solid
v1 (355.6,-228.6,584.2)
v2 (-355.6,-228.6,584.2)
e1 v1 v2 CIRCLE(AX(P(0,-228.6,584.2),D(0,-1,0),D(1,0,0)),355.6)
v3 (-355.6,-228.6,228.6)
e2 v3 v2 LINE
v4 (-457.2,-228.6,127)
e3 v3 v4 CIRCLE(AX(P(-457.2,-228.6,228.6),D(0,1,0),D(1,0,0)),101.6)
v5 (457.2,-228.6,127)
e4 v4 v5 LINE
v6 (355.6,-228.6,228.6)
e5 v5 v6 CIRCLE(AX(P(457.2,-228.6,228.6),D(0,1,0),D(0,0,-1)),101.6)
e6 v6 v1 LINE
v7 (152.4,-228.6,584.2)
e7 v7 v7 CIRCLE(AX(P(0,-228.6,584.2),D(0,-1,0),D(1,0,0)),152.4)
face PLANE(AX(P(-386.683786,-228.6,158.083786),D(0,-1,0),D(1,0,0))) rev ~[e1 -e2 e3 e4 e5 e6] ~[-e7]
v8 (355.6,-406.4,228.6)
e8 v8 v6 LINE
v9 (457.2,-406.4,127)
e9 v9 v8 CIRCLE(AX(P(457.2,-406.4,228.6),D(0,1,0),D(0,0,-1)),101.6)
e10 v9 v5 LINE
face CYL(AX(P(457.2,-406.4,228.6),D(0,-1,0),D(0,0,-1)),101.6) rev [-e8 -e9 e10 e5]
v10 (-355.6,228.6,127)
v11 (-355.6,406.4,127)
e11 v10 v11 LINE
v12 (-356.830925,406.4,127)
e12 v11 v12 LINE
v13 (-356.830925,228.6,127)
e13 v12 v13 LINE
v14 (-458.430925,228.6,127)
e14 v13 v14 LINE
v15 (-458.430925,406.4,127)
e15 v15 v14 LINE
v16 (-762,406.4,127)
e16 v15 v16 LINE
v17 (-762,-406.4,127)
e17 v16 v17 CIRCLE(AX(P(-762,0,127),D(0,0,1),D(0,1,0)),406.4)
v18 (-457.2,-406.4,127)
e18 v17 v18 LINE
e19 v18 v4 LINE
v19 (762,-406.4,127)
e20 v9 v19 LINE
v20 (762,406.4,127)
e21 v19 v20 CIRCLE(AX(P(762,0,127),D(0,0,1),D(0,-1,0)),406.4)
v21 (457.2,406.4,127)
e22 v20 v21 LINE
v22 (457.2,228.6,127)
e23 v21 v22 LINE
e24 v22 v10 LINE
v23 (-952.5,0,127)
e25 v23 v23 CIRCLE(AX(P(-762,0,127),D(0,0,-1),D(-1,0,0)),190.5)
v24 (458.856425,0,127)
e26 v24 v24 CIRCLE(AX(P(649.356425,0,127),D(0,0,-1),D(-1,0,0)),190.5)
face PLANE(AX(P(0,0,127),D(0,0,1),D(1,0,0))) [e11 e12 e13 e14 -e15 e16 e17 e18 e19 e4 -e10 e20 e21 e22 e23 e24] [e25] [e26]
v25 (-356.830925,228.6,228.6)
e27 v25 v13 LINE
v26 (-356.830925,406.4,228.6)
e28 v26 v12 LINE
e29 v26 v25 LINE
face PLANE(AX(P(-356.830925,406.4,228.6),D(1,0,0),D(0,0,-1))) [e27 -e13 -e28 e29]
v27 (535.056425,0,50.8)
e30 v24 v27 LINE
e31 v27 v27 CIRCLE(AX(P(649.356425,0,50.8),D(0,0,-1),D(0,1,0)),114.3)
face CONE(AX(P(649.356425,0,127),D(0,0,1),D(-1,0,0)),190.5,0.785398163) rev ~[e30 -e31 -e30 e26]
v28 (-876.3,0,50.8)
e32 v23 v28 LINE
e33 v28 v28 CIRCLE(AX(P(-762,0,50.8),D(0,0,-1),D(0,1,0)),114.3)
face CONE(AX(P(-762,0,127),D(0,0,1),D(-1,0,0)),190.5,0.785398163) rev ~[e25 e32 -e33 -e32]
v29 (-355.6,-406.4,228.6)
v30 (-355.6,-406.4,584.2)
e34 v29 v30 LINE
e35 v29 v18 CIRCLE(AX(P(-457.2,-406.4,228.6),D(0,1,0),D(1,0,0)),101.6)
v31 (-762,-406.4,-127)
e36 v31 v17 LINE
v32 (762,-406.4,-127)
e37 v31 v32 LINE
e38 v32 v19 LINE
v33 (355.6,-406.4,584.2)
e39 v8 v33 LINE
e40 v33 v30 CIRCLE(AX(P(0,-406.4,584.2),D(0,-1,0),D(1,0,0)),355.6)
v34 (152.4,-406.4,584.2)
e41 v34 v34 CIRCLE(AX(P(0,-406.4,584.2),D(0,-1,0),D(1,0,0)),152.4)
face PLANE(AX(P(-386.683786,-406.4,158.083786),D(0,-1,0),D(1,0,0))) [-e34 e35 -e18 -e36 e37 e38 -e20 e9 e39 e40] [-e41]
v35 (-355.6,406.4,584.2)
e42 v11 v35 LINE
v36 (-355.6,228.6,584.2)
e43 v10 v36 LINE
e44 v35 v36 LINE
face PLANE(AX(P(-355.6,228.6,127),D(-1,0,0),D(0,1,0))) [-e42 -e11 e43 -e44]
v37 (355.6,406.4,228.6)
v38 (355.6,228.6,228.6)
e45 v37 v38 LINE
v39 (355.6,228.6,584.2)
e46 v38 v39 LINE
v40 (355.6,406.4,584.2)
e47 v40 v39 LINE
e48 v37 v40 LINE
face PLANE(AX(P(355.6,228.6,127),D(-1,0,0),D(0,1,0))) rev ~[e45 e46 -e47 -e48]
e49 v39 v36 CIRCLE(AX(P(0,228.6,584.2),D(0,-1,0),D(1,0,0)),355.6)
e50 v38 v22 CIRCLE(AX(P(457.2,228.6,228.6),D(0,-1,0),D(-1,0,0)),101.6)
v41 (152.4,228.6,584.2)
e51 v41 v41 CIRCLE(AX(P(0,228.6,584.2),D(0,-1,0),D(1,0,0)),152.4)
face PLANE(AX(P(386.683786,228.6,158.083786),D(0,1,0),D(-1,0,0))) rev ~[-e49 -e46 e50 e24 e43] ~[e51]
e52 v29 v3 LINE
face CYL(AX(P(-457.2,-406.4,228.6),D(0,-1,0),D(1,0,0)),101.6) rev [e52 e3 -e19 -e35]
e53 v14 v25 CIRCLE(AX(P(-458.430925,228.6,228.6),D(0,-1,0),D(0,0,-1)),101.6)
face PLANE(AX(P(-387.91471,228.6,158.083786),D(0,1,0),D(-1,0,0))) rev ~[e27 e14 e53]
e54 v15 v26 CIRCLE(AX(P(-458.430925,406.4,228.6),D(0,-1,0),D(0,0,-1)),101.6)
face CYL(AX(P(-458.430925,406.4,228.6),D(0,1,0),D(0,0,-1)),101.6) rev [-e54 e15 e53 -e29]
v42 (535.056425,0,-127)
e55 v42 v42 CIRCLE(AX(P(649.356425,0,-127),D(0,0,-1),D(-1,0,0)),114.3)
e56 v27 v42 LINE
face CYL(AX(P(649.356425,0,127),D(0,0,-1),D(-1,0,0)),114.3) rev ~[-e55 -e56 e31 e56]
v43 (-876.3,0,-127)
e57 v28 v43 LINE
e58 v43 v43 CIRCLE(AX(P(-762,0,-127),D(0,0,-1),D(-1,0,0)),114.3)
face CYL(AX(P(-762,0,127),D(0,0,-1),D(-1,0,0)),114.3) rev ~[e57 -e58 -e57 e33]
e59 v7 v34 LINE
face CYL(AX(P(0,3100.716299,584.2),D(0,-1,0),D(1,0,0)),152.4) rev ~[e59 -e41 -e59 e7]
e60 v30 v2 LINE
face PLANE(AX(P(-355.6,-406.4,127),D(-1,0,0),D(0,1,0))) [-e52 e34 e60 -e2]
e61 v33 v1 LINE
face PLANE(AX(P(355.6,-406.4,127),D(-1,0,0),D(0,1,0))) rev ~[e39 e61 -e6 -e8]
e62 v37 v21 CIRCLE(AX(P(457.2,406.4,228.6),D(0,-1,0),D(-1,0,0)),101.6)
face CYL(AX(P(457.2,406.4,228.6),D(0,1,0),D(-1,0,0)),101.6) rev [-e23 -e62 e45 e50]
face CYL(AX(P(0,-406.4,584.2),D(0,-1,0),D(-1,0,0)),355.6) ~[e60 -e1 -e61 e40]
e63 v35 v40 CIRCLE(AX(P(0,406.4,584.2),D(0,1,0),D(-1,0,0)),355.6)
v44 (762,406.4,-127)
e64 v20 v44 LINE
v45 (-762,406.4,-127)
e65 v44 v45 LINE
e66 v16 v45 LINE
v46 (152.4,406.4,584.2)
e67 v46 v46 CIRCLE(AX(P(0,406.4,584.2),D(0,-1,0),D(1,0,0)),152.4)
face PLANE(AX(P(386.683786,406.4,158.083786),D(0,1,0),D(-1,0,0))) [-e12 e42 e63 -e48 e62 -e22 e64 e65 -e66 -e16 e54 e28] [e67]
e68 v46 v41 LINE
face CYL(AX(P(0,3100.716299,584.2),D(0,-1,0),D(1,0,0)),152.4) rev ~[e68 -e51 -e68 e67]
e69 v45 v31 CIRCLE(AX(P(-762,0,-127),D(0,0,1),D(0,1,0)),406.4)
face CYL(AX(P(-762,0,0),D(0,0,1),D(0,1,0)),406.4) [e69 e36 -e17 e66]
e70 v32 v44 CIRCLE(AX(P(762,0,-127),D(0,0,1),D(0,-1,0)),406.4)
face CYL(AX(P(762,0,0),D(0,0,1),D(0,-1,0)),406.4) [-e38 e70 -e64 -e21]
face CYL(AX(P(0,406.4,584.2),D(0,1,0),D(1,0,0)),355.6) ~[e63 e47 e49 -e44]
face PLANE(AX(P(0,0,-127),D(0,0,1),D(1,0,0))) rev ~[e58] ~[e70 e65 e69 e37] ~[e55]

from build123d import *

# Parameters (mm, degrees)
F1_DEPTH       = 127
F2_W           = 711.2
F2_H           = 177.8
F3_DEPTH       = 812.8
F4_D           = 228.6
F4_CSINK_D     = 381
F4_CSINK_ANGLE = 90
F7_DEPTH       = 177.8
F8_DEPTH       = 177.8
F9_D           = 304.8
F11_DEPTH      = 177.8
F13_DEPTH      = 177.8


with BuildPart() as f1:
    # F0 (on Top) → F1 (new body, symmetric)
    with BuildSketch(Plane.XY):
        with BuildLine():
            ThreePointArc((-762, 406.4), (-1168.4, 0), (-762, -406.4))
            Line((-762, -406.4), (762, -406.4))
            ThreePointArc((762, -406.4), (1168.4, 0), (762, 406.4))
            Line((762, 406.4), (-762, 406.4))
        make_face()
    extrude(amount=F1_DEPTH, both=True)

    # F2 (on face) → F3 (join)
    with BuildSketch(Plane.XY.offset(127)):
        with Locations((0, -317.5)):
            Rectangle(F2_W, F2_H)
        with Locations((0, 317.5)):
            Rectangle(F2_W, F2_H)
    extrude(amount=F3_DEPTH)

    # F4 (through all)
    with Locations(Plane.XY.offset(127)):
        with Locations((649.3564248085, 0), (-762, 0)):
            CounterSinkHole(F4_D / 2, F4_CSINK_D / 2, counter_sink_angle=F4_CSINK_ANGLE)

    # F5 (on face) → F7 (cut)
    with BuildSketch(Plane.XZ.offset(406.4)):
        with BuildLine():
            Line((-355.6, 939.8), (-355.6, 584.2))
            ThreePointArc((-355.6, 584.2), (-251.4471708218, 835.6471719581), (1.6069e-06, 939.8))
            Line((1.6069e-06, 939.8), (-355.6, 939.8))
        make_face()
        with BuildLine():
            ThreePointArc((1.6069e-06, 939.8), (251.4471719581, 835.6471708218), (355.6, 584.2))
            Line((355.6, 584.2), (355.6, 939.8))
            Line((355.6, 939.8), (1.6069e-06, 939.8))
        make_face()
    extrude(amount=-F7_DEPTH, mode=Mode.SUBTRACT)

    # F6 (on face) → F8 (cut)
    with BuildSketch(Plane(origin=(0, 406.4, 0), x_dir=(-1, 0, 0), z_dir=(0, 1, 0))):
        with BuildLine():
            Line((-355.6, 939.8), (-355.6, 584.2))
            ThreePointArc((-355.6, 584.2), (-251.4471708218, 835.6471719581), (1.6069e-06, 939.8))
            Line((1.6069e-06, 939.8), (-355.6, 939.8))
        make_face()
        with BuildLine():
            ThreePointArc((1.6069e-06, 939.8), (251.4471719581, 835.6471708218), (355.6, 584.2))
            Line((355.6, 584.2), (355.6, 939.8))
            Line((355.6, 939.8), (1.6069e-06, 939.8))
        make_face()
    extrude(amount=-F8_DEPTH, mode=Mode.SUBTRACT)

    # F9 (through all)
    with Locations(Plane(origin=(0, 406.4, 0), x_dir=(-1, 0, 0), z_dir=(0, 1, 0))):
        with Locations((0, 584.2)):
            Hole(F9_D / 2)

    # F10 (on face) → F11 (join)
    with BuildSketch(Plane.XZ.offset(406.4)):
        with BuildLine():
            Line((-457.2, 127), (-355.6, 127))
            Line((-355.6, 127), (-355.6, 228.6))
            ThreePointArc((-355.6, 228.6), (-385.3579510314, 156.7579510314), (-457.2, 127))
        make_face()
        with BuildLine():
            ThreePointArc((457.2, 127), (385.3579510314, 156.7579510314), (355.6, 228.6))
            Line((355.6, 228.6), (355.6, 127))
            Line((355.6, 127), (457.2, 127))
        make_face()
    extrude(amount=-F11_DEPTH)

    # F12 (on face) → F13 (join)
    with BuildSketch(Plane(origin=(0, 406.4, 0), x_dir=(-1, 0, 0), z_dir=(0, 1, 0))):
        with BuildLine():
            Line((-355.6, 127), (-355.6, 228.6))
            ThreePointArc((-355.6, 228.6), (-385.3579510314, 156.7579510314), (-457.2, 127))
            Line((-457.2, 127), (-355.6, 127))
        make_face()
        with BuildLine():
            ThreePointArc((458.4309247494, 127), (386.5888757808, 156.7579510314), (356.8309247494, 228.6))
            Line((356.8309247494, 228.6), (356.8309247494, 127))
            Line((356.8309247494, 127), (458.4309247494, 127))
        make_face()
    extrude(amount=-F13_DEPTH)


solid = f1.part
